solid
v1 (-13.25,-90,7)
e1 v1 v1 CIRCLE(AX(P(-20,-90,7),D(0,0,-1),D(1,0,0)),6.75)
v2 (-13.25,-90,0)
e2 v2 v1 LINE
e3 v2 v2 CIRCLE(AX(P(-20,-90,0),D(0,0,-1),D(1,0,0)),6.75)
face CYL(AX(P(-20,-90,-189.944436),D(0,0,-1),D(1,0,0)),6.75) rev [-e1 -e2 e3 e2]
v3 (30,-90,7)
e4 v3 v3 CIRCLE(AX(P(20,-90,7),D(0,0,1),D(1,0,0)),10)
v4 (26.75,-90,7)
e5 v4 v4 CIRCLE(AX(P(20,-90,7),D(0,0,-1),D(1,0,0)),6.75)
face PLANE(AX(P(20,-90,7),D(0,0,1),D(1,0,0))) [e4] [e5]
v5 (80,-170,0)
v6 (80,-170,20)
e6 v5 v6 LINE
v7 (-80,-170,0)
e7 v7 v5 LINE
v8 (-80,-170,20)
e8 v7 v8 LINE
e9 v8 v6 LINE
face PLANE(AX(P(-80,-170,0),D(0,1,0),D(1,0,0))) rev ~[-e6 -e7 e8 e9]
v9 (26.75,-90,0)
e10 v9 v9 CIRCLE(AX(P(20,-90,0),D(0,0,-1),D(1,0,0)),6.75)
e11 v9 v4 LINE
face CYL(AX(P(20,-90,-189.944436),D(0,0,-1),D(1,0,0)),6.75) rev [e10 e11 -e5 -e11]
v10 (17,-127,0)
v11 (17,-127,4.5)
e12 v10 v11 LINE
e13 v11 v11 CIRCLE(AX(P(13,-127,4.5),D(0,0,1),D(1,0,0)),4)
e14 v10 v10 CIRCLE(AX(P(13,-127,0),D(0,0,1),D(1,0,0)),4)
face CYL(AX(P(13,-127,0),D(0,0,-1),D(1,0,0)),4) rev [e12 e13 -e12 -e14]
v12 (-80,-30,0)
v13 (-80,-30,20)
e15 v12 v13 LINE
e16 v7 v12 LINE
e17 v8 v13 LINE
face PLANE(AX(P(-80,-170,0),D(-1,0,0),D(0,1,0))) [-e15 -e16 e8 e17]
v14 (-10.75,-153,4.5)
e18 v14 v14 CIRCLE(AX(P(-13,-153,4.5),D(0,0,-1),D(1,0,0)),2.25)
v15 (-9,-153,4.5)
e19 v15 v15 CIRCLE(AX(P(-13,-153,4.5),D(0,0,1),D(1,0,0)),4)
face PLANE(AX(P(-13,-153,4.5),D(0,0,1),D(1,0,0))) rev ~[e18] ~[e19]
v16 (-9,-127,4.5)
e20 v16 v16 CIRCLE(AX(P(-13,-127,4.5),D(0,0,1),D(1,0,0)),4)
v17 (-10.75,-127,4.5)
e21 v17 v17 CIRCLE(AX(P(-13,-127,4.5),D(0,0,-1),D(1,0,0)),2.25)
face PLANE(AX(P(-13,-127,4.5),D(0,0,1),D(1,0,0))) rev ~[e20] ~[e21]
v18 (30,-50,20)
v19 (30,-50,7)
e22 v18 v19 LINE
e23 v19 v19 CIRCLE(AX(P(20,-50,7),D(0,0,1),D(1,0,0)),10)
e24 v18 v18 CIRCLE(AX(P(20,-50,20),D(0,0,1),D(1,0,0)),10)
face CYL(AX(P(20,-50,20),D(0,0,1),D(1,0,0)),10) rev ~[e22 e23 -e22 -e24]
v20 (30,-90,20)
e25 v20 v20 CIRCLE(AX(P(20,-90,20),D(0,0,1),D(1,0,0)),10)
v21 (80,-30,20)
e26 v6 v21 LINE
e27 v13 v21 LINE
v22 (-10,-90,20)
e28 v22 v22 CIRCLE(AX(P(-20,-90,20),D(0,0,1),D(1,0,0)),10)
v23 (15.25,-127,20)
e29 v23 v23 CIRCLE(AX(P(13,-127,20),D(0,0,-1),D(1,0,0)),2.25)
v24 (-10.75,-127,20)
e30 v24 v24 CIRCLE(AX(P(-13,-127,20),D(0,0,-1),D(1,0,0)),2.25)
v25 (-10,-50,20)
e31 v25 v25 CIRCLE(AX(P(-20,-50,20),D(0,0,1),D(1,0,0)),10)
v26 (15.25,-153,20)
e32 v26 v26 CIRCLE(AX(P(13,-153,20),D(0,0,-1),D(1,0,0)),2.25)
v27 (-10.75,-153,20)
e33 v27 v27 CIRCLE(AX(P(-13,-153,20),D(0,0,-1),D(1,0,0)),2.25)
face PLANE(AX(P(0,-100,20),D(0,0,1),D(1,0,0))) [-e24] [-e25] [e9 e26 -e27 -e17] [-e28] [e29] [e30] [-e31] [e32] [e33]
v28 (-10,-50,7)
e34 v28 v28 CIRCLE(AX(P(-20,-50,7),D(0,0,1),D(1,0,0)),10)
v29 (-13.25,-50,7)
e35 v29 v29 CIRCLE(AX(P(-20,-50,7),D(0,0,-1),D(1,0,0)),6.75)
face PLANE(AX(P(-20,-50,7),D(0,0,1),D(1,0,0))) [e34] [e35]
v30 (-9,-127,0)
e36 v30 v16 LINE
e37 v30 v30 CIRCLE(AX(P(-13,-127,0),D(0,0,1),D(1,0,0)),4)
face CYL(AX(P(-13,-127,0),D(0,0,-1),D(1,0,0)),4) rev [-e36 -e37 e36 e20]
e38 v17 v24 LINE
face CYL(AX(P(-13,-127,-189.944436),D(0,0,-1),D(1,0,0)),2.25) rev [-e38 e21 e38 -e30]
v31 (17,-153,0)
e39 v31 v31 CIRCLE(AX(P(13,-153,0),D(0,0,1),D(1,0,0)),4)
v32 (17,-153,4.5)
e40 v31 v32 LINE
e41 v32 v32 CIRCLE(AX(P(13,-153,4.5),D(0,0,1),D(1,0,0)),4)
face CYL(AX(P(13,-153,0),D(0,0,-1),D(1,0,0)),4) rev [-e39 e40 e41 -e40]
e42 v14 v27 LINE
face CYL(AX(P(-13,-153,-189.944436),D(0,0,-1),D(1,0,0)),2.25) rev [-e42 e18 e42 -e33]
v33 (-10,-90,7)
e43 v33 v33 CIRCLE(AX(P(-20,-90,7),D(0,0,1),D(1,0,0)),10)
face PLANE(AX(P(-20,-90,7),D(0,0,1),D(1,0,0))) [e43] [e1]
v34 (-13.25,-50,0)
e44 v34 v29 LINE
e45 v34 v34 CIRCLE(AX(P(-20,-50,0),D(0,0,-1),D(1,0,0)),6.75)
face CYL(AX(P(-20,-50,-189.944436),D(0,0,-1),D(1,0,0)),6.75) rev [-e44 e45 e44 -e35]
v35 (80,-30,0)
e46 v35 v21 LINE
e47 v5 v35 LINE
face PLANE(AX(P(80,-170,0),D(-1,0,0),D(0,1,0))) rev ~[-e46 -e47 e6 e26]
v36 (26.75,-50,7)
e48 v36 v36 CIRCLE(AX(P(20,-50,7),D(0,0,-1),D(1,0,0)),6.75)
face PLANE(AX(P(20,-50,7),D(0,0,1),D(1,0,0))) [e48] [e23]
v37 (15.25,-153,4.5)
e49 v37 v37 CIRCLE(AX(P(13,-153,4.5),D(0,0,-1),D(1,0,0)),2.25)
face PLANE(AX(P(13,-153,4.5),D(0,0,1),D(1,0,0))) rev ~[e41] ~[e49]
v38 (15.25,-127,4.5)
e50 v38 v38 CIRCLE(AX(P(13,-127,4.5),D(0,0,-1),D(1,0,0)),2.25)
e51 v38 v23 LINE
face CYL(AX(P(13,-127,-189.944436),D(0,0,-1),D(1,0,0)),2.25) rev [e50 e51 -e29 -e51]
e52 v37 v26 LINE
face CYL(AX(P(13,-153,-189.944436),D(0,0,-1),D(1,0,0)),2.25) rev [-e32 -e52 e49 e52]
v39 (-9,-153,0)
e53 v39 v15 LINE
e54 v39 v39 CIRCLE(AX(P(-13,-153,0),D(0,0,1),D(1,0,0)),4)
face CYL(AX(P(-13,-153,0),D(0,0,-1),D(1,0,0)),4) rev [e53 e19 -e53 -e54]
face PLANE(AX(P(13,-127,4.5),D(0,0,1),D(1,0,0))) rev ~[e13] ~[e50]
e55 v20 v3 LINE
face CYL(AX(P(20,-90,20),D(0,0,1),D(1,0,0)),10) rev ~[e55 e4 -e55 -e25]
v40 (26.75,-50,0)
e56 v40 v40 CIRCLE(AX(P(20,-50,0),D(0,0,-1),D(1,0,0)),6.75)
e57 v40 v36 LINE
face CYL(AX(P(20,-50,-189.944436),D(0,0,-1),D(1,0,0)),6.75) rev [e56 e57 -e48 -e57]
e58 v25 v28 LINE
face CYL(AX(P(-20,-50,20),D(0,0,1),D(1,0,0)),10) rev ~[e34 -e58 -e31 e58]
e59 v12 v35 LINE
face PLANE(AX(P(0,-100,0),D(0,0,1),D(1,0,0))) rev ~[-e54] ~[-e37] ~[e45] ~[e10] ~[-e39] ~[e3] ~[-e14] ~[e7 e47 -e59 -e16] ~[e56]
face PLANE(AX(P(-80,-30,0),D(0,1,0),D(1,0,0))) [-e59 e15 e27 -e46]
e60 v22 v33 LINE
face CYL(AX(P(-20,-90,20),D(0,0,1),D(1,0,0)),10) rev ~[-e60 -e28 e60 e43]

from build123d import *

# Parameters (mm, degrees)
SKETCH1_W               = 160
SKETCH1_H               = 140
BOSS_EXTRUDE1_DEPTH     = 20
CUT_EXTRUDE1_DEPTH      = 189.944436277
CUT_EXTRUDE1_DEPTH_BACK = 189.944436277
SKETCH2_R               = 6.75
SKETCH3_R               = 10
CUT_EXTRUDE3_DEPTH      = 13
CUT_EXTRUDE4_DEPTH      = 189.944436277
CUT_EXTRUDE4_DEPTH_BACK = 189.944436277
SKETCH4_R               = 2.25
SKETCH5_R               = 4
CUT_EXTRUDE6_DEPTH      = 4.5


with BuildPart() as part:
    # Sketch1 → Boss-Extrude1 (new body)
    with BuildSketch(Plane.XY):
        with Locations((0, -100)):
            Rectangle(SKETCH1_W, SKETCH1_H)
    extrude(amount=BOSS_EXTRUDE1_DEPTH)

    # Sketch2 → Cut-Extrude1 (cut, two sides: drawn at the far end of the back side and taken through both)
    with BuildSketch(Plane.XY.offset(-CUT_EXTRUDE1_DEPTH_BACK)):
        with Locations((-20, -50)):
            Circle(SKETCH2_R)
        with Locations((-20, -90)):
            Circle(SKETCH2_R)
        with Locations((20, -50)):
            Circle(SKETCH2_R)
        with Locations((20, -90)):
            Circle(SKETCH2_R)
    extrude(amount=CUT_EXTRUDE1_DEPTH + CUT_EXTRUDE1_DEPTH_BACK, mode=Mode.SUBTRACT)

    # Sketch3 → Cut-Extrude3 (cut)
    with BuildSketch(Plane.XY.offset(20)):
        with Locations((-20, -50)):
            Circle(SKETCH3_R)
        with Locations((-20, -90)):
            Circle(SKETCH3_R)
        with Locations((20, -50)):
            Circle(SKETCH3_R)
        with Locations((20, -90)):
            Circle(SKETCH3_R)
    extrude(amount=-CUT_EXTRUDE3_DEPTH, mode=Mode.SUBTRACT)

    # Sketch4 → Cut-Extrude4 (cut, two sides: drawn at the far end of the back side and taken through both)
    with BuildSketch(Plane.XY.offset(-CUT_EXTRUDE4_DEPTH_BACK)):
        with Locations((-13, -127)):
            Circle(SKETCH4_R)
        with Locations((-13, -153)):
            Circle(SKETCH4_R)
        with Locations((13, -127)):
            Circle(SKETCH4_R)
        with Locations((13, -153)):
            Circle(SKETCH4_R)
    extrude(amount=CUT_EXTRUDE4_DEPTH + CUT_EXTRUDE4_DEPTH_BACK, mode=Mode.SUBTRACT)

    # Sketch5 → Cut-Extrude6 (cut)
    with BuildSketch(Plane.XY):
        with Locations((-13, -127)):
            Circle(SKETCH5_R)
        with Locations((-13, -153)):
            Circle(SKETCH5_R)
        with Locations((13, -127)):
            Circle(SKETCH5_R)
        with Locations((13, -153)):
            Circle(SKETCH5_R)
    extrude(amount=CUT_EXTRUDE6_DEPTH, mode=Mode.SUBTRACT)


solid = part.part
